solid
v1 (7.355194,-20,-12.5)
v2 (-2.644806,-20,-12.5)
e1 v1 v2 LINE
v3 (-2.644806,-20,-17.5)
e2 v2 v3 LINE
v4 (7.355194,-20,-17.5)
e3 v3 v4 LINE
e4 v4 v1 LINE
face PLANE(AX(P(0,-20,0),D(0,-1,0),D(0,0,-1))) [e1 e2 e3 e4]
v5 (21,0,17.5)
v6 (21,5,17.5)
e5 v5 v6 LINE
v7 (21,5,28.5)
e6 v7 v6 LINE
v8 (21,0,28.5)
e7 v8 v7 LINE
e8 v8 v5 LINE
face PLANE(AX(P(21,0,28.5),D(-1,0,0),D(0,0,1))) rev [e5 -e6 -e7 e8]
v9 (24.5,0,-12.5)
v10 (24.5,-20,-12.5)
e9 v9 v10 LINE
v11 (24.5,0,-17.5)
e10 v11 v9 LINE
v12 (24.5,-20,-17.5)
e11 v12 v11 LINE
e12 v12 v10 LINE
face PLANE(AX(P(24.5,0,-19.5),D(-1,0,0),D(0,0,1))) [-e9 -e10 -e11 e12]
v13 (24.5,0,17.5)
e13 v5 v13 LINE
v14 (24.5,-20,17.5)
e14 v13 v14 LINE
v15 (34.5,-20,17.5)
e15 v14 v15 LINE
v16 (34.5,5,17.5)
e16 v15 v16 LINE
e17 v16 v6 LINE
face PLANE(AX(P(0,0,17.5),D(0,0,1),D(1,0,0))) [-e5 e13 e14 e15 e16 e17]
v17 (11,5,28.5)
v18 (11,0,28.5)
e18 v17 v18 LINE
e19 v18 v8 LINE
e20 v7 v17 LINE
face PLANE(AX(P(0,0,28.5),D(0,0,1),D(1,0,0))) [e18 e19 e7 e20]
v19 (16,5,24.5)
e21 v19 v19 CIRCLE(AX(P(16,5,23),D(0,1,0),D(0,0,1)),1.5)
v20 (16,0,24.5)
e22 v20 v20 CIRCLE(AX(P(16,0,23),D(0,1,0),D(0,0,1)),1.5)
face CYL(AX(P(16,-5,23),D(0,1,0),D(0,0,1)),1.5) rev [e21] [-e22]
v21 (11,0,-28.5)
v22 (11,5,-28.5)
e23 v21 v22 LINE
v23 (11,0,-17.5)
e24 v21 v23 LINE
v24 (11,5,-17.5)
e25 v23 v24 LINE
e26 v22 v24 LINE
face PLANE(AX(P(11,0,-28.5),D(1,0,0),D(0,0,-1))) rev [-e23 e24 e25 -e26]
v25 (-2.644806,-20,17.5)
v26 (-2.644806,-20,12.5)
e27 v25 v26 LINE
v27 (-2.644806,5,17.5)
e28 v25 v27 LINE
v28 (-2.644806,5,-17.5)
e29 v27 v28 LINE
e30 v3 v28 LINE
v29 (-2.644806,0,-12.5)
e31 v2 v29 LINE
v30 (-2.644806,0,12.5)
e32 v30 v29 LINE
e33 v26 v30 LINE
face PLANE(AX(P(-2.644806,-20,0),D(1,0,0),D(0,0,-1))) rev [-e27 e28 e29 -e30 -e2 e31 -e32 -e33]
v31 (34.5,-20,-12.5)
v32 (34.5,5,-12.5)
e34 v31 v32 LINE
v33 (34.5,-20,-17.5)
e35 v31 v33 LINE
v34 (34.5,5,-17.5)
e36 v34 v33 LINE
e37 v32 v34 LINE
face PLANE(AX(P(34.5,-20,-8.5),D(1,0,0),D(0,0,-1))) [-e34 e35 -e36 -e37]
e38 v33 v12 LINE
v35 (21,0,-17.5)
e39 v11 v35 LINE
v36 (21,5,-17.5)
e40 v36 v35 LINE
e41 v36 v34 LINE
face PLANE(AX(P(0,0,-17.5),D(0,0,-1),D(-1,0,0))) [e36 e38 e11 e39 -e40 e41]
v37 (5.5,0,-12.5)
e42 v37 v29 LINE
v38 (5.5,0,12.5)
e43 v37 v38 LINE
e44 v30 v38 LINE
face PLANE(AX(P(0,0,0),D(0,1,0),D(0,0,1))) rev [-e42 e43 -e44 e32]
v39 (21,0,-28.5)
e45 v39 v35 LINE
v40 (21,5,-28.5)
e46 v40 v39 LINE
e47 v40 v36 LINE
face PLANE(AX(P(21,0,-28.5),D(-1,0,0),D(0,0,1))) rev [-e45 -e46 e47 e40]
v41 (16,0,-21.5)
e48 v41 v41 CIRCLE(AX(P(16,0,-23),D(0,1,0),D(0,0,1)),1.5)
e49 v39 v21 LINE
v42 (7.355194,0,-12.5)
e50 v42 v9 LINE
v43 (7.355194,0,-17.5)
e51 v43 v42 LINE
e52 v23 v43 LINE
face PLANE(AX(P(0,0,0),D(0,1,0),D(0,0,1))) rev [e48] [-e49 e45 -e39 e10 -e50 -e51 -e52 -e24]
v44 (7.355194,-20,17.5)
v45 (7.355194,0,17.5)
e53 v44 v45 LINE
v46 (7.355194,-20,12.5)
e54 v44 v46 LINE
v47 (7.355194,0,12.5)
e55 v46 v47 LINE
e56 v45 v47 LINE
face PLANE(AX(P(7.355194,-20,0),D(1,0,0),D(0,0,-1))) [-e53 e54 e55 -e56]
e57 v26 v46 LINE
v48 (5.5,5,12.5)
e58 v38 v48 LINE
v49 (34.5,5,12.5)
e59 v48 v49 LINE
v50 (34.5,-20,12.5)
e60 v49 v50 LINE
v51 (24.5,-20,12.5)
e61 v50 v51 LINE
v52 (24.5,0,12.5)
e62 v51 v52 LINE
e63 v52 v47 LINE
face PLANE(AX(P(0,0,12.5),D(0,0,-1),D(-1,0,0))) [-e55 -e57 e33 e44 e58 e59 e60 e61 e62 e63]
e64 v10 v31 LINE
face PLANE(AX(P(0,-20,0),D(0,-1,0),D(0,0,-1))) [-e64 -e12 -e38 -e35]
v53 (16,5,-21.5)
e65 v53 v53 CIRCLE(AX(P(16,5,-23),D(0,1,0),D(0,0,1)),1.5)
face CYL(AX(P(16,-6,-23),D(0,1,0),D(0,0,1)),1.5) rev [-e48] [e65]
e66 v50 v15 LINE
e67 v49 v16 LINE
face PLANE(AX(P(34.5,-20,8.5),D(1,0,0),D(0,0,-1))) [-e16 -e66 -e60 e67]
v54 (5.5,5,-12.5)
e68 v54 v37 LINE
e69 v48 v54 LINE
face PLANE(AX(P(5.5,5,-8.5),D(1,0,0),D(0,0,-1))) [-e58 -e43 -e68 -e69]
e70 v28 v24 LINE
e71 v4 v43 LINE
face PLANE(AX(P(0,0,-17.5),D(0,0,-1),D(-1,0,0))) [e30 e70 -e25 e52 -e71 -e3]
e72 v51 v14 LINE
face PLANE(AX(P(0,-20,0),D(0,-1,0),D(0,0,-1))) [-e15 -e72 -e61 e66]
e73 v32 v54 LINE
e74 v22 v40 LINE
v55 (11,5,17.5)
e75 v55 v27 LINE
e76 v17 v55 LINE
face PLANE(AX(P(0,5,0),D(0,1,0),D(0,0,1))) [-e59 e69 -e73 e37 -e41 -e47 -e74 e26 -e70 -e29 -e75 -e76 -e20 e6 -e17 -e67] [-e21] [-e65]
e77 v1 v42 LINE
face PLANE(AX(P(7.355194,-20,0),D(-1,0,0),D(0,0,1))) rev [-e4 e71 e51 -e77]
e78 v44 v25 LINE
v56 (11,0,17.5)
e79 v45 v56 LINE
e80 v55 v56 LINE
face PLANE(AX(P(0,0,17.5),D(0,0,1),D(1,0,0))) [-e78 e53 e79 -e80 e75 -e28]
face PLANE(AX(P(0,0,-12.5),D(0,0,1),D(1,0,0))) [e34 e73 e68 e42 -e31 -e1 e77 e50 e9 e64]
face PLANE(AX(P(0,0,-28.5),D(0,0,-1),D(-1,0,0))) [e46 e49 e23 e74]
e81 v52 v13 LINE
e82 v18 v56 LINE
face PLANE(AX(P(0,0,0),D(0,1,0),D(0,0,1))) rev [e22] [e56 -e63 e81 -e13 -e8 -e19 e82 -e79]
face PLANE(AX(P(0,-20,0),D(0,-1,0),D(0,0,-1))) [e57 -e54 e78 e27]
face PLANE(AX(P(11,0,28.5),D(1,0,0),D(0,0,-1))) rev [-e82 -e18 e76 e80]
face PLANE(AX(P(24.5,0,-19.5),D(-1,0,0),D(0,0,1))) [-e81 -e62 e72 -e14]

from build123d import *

# Parameters (mm, degrees)
BOSS_EXTRUDE1_DEPTH              = 5
SKETCH3_W                        = 11
SKETCH3_H                        = 5
BOSS_EXTRUDE2_DEPTH              = 5
SKETCH4_W                        = 5
SKETCH4_H                        = 5
BOSS_EXTRUDE3_DEPTH              = 21
SKETCH5_W                        = 10
SKETCH5_H                        = 5
BOSS_EXTRUDE4_DEPTH              = 20
SKETCH6_W                        = 11
SKETCH6_H                        = 5
BOSS_EXTRUDE5_DEPTH              = 5
SKETCH7_W                        = 5
SKETCH7_H                        = 5
BOSS_EXTRUDE6_DEPTH              = 21
SKETCH8_W                        = 10
SKETCH8_H                        = 5
BOSS_EXTRUDE7_DEPTH              = 20
SKETCH11_W                       = 10
SKETCH11_H                       = 5
BOSS_EXTRUDE8_DEPTH              = 3.5
SKETCH12_W                       = 10
SKETCH12_H                       = 5
BOSS_EXTRUDE9_DEPTH              = 3.5
CUT_EXTRUDE6_DEPTH               = 14.5
CUT_EXTRUDE8_DEPTH               = 41.078048855
CUT_EXTRUDE8_DEPTH_BACK          = 14.5
SKETCH17_W                       = 1.38
SKETCH17_H                       = 3.56
CUT_EXTRUDE9_DEPTH               = 14.5
CUT_EXTRUDE10_DEPTH              = 14.5
SKETCH_1_W                       = 8
SKETCH_1_H                       = 25
EXTRUDE_1_DEPTH                  = 5
SKETCH_2_W                       = 8
SKETCH_2_H                       = 25
EXTRUDE_2_DEPTH                  = 5
AUFSATZ_LINEAR_AUSTRAGEN1_DEPTH  = 4
SKIZZE3_W                        = 10
SKIZZE3_H                        = 5
SCHNITT_LINEAR_AUSTRAGEN2_DEPTH  = 3.5
SCHNITT_LINEAR_AUSTRAGEN3_DEPTH  = 4
AUFSATZ_LINEAR_AUSTRAGEN3_DEPTH  = 11
SKIZZE7_R                        = 1.5
SCHNITT_LINEAR_AUSTRAGEN6_DEPTH  = 10
SKIZZE8_W                        = 10
SKIZZE8_H                        = 5
SCHNITT_LINEAR_AUSTRAGEN8_DEPTH  = 4
AUFSATZ_LINEAR_AUSTRAGEN4_DEPTH  = 4
SCHNITT_LINEAR_AUSTRAGEN9_DEPTH  = 4
AUFSATZ_LINEAR_AUSTRAGEN6_DEPTH  = 11
SKIZZE12_R                       = 1.5
SCHNITT_LINEAR_AUSTRAGEN10_DEPTH = 11
SKIZZE15_W                       = 8
SKIZZE15_H                       = 20
SCHNITT_LINEAR_AUSTRAGEN11_DEPTH = 37
AUFSATZ_LINEAR_AUSTRAGEN7_DEPTH  = 20
AUFSATZ_LINEAR_AUSTRAGEN8_DEPTH  = 20
SKIZZE18_W                       = 2.855193512
SKIZZE18_H                       = 5
SCHNITT_LINEAR_AUSTRAGEN12_DEPTH = 35


with BuildPart() as part:
    # Sketch1 → Boss-Extrude1 (new body)
    with BuildSketch(Plane(origin=(0, 0, 0), x_dir=(1, 0, 0), z_dir=(0, 1, 0))):
        Polygon((5.5, 3), (5.5, 0), (5.5, -3), (5.5, -8.5), (0, -8.5), (-5.5, -8.5), (-5.5, -3), (-5.5, 8.5), (0, 8.5), (5.5, 8.5), align=None)
    extrude(amount=BOSS_EXTRUDE1_DEPTH)

    # Sketch3 → Boss-Extrude2 (add)
    with BuildSketch(Plane.XY.offset(8.5)):
        with Locations((0, 2.5)):
            Rectangle(SKETCH3_W, SKETCH3_H)
    extrude(amount=BOSS_EXTRUDE2_DEPTH)

    # Sketch4 → Boss-Extrude3 (add)
    with BuildSketch(Plane(origin=(5.5, 0, 0), x_dir=(0, 0, -1), z_dir=(1, 0, 0))):
        with Locations((-11, 2.5)):
            Rectangle(SKETCH4_W, SKETCH4_H)
    extrude(amount=BOSS_EXTRUDE3_DEPTH)

    # Sketch5 → Boss-Extrude4 (add)
    with BuildSketch(Plane.XZ):
        with Locations((21.5, 11)):
            Rectangle(SKETCH5_W, SKETCH5_H)
    extrude(amount=BOSS_EXTRUDE4_DEPTH)

    # Sketch6 → Boss-Extrude5 (add)
    with BuildSketch(Plane(origin=(0, 0, -8.5), x_dir=(-1, 0, 0), z_dir=(0, 0, -1))):
        with Locations((0, 2.5)):
            Rectangle(SKETCH6_W, SKETCH6_H)
    extrude(amount=BOSS_EXTRUDE5_DEPTH)

    # Sketch7 → Boss-Extrude6 (add)
    with BuildSketch(Plane(origin=(5.5, 0, 0), x_dir=(0, 0, -1), z_dir=(1, 0, 0))):
        with Locations((11, 2.5)):
            Rectangle(SKETCH7_W, SKETCH7_H)
    extrude(amount=BOSS_EXTRUDE6_DEPTH)

    # Sketch8 → Boss-Extrude7 (add)
    with BuildSketch(Plane(origin=(0, 0, 0), x_dir=(-1, 0, 0), z_dir=(0, -1, 0))):
        with Locations((-21.5, 11)):
            Rectangle(SKETCH8_W, SKETCH8_H)
    extrude(amount=BOSS_EXTRUDE7_DEPTH)

    # Sketch11 → Boss-Extrude8 (add)
    with BuildSketch(Plane(origin=(0, 0, 8.5), x_dir=(-1, 0, 0), z_dir=(0, 0, -1))):
        with Locations((-21.5, -12.5)):
            Rectangle(SKETCH11_W, SKETCH11_H)
    extrude(amount=BOSS_EXTRUDE8_DEPTH)

    # Sketch12 → Boss-Extrude9 (add)
    with BuildSketch(Plane.XY.offset(-8.5)):
        with Locations((21.5, -12.5)):
            Rectangle(SKETCH12_W, SKETCH12_H)
    extrude(amount=BOSS_EXTRUDE9_DEPTH)

    # Sketch14 → Cut-Extrude6 (cut)
    with BuildSketch(Plane(origin=(26.5, 0, 0), x_dir=(0, 0, -1), z_dir=(1, 0, 0))):
        Polygon((-6.379568334, -12.879568334), (-6.379568334, -15), (-5, -15), (-5, -11.439784167), (-6.379568334, -11.439784167), align=None)
    extrude(amount=-CUT_EXTRUDE6_DEPTH, mode=Mode.SUBTRACT)

    # Sketch16 → Cut-Extrude8 (cut, two sides: drawn at the far end of the back side and taken through both)
    with BuildSketch(Plane(origin=(26.5, 0, 0), x_dir=(0, 0, -1), z_dir=(1, 0, 0)).offset(-CUT_EXTRUDE8_DEPTH_BACK)):
        Polygon((-6.379568334, -13), (-8.5, -15), (-7.439784167, -15), (-6.379568334, -15), align=None)
    extrude(amount=CUT_EXTRUDE8_DEPTH + CUT_EXTRUDE8_DEPTH_BACK, mode=Mode.SUBTRACT)

    # Sketch17 → Cut-Extrude9 (cut)
    with BuildSketch(Plane(origin=(26.5, 0, 0), x_dir=(0, 0, -1), z_dir=(1, 0, 0))):
        with Locations((5.69, -13.22)):
            Rectangle(SKETCH17_W, SKETCH17_H)
    extrude(amount=-CUT_EXTRUDE9_DEPTH, mode=Mode.SUBTRACT)

    # Sketch18 → Cut-Extrude10 (cut)
    with BuildSketch(Plane(origin=(26.5, 0, 0), x_dir=(0, 0, -1), z_dir=(1, 0, 0))):
        Polygon((6.38, -13), (6.38, -15), (8.5, -15), align=None)
    extrude(amount=-CUT_EXTRUDE10_DEPTH, mode=Mode.SUBTRACT)

    # 草图1 → 凸台-拉伸1 (add)
    with BuildSketch(Plane.XY.offset(13.5)):
        with Locations((30.5, -7.5)):
            Rectangle(SKETCH_1_W, SKETCH_1_H)
    extrude(amount=-EXTRUDE_1_DEPTH)

    # 草图2 → 凸台-拉伸2 (add)
    with BuildSketch(Plane(origin=(0, 0, -13.5), x_dir=(-1, 0, 0), z_dir=(0, 0, -1))):
        with Locations((-30.5, -7.5)):
            Rectangle(SKETCH_2_W, SKETCH_2_H)
    extrude(amount=-EXTRUDE_2_DEPTH)

    # Skizze2 → Aufsatz-Linear austragen1 (add)
    with BuildSketch(Plane.XY.offset(13.5)):
        Polygon((-5.5, 5), (-5.5, 0), (16.5, 0), (16.5, -20), (34.5, -20), (34.5, 5), align=None)
    extrude(amount=AUFSATZ_LINEAR_AUSTRAGEN1_DEPTH)

    # Skizze3 → Schnitt-Linear austragen2 (cut)
    with BuildSketch(Plane(origin=(0, 0, 5), x_dir=(-1, 0, 0), z_dir=(0, 0, -1))):
        with Locations((-21.5, -12.5)):
            Rectangle(SKIZZE3_W, SKIZZE3_H)
    extrude(amount=-SCHNITT_LINEAR_AUSTRAGEN2_DEPTH, mode=Mode.SUBTRACT)

    # Skizze4 → Schnitt-Linear austragen3 (cut)
    with BuildSketch(Plane(origin=(0, 0, 8.5), x_dir=(-1, 0, 0), z_dir=(0, 0, -1))):
        Polygon((-34.5, 5), (-34.5, -20), (-16.5, -20), (-16.5, 0), (-5.5, 0), (-5.5, 5), align=None)
    extrude(amount=-SCHNITT_LINEAR_AUSTRAGEN3_DEPTH, mode=Mode.SUBTRACT)

    # Skizze6 → Aufsatz-Linear austragen3 (add)
    with BuildSketch(Plane.XY.offset(17.5)):
        Polygon((16, 5), (11, 5), (11, 0), (16.5, 0), (21, 0), (21, 5), align=None)
    extrude(amount=AUFSATZ_LINEAR_AUSTRAGEN3_DEPTH)

    # Skizze7 → Schnitt-Linear austragen6 (cut)
    with BuildSketch(Plane(origin=(0, 5, 0), x_dir=(1, 0, 0), z_dir=(0, 1, 0))):
        with Locations(Location((16, -23, 0), (0, 0, 270))):
            Circle(SKIZZE7_R)
    extrude(amount=-SCHNITT_LINEAR_AUSTRAGEN6_DEPTH, mode=Mode.SUBTRACT)

    # Skizze8 → Schnitt-Linear austragen8 (cut)
    with BuildSketch(Plane.XY.offset(-8.5)):
        with Locations((21.5, -12.5)):
            Rectangle(SKIZZE8_W, SKIZZE8_H)
    extrude(amount=SCHNITT_LINEAR_AUSTRAGEN8_DEPTH, mode=Mode.SUBTRACT)

    # Skizze9 → Aufsatz-Linear austragen4 (add)
    with BuildSketch(Plane(origin=(0, 0, -13.5), x_dir=(-1, 0, 0), z_dir=(0, 0, -1))):
        Polygon((-34.5, 5), (-34.5, -20), (-16.5, -20), (-16.5, 0), (5.5, 0), (5.5, 5), align=None)
    extrude(amount=AUFSATZ_LINEAR_AUSTRAGEN4_DEPTH)

    # Skizze10 → Schnitt-Linear austragen9 (cut)
    with BuildSketch(Plane.XY.offset(-8.5)):
        Polygon((5.5, 5), (5.5, 0), (16.5, 0), (16.5, -20), (34.5, -20), (34.5, 5), align=None)
    extrude(amount=-SCHNITT_LINEAR_AUSTRAGEN9_DEPTH, mode=Mode.SUBTRACT)

    # Skizze11 → Aufsatz-Linear austragen6 (add)
    with BuildSketch(Plane(origin=(0, 0, -17.5), x_dir=(-1, 0, 0), z_dir=(0, 0, -1))):
        Polygon((-11, 0), (-11, 5), (-21, 5), (-21, 0), (-16.5, 0), align=None)
    extrude(amount=AUFSATZ_LINEAR_AUSTRAGEN6_DEPTH)

    # Skizze12 → Schnitt-Linear austragen10 (cut)
    with BuildSketch(Plane(origin=(0, 5, 0), x_dir=(1, 0, 0), z_dir=(0, 1, 0))):
        with Locations(Location((16, 23, 0), (0, 0, 270))):
            Circle(SKIZZE12_R)
    extrude(amount=-SCHNITT_LINEAR_AUSTRAGEN10_DEPTH, mode=Mode.SUBTRACT)

    # Skizze15 → Schnitt-Linear austragen11 (cut)
    with BuildSketch(Plane.XY.offset(17.5)):
        with Locations((20.5, -10)):
            Rectangle(SKIZZE15_W, SKIZZE15_H)
    extrude(amount=-SCHNITT_LINEAR_AUSTRAGEN11_DEPTH, mode=Mode.SUBTRACT)

    # Skizze16 → Aufsatz-Linear austragen7 (add)
    with BuildSketch(Plane.XZ):
        Polygon((7.355193512, 12.5), (7.355193512, 17.5), (-2.644806488, 17.5), (-2.644806488, 12.5), (5.5, 12.5), align=None)
    extrude(amount=AUFSATZ_LINEAR_AUSTRAGEN7_DEPTH)

    # Skizze17 → Aufsatz-Linear austragen8 (add)
    with BuildSketch(Plane.XZ):
        Polygon((5.5, -12.5), (-2.644806488, -12.5), (-2.644806488, -17.5), (7.355193512, -17.5), (7.355193512, -12.5), align=None)
    extrude(amount=AUFSATZ_LINEAR_AUSTRAGEN8_DEPTH)

    # Skizze18 → Schnitt-Linear austragen12 (cut)
    with BuildSketch(Plane(origin=(0, 0, -17.5), x_dir=(-1, 0, 0), z_dir=(0, 0, -1))):
        with Locations((4.072403244, 2.5)):
            Rectangle(SKIZZE18_W, SKIZZE18_H)
    extrude(amount=-SCHNITT_LINEAR_AUSTRAGEN12_DEPTH, mode=Mode.SUBTRACT)


solid = part.part
